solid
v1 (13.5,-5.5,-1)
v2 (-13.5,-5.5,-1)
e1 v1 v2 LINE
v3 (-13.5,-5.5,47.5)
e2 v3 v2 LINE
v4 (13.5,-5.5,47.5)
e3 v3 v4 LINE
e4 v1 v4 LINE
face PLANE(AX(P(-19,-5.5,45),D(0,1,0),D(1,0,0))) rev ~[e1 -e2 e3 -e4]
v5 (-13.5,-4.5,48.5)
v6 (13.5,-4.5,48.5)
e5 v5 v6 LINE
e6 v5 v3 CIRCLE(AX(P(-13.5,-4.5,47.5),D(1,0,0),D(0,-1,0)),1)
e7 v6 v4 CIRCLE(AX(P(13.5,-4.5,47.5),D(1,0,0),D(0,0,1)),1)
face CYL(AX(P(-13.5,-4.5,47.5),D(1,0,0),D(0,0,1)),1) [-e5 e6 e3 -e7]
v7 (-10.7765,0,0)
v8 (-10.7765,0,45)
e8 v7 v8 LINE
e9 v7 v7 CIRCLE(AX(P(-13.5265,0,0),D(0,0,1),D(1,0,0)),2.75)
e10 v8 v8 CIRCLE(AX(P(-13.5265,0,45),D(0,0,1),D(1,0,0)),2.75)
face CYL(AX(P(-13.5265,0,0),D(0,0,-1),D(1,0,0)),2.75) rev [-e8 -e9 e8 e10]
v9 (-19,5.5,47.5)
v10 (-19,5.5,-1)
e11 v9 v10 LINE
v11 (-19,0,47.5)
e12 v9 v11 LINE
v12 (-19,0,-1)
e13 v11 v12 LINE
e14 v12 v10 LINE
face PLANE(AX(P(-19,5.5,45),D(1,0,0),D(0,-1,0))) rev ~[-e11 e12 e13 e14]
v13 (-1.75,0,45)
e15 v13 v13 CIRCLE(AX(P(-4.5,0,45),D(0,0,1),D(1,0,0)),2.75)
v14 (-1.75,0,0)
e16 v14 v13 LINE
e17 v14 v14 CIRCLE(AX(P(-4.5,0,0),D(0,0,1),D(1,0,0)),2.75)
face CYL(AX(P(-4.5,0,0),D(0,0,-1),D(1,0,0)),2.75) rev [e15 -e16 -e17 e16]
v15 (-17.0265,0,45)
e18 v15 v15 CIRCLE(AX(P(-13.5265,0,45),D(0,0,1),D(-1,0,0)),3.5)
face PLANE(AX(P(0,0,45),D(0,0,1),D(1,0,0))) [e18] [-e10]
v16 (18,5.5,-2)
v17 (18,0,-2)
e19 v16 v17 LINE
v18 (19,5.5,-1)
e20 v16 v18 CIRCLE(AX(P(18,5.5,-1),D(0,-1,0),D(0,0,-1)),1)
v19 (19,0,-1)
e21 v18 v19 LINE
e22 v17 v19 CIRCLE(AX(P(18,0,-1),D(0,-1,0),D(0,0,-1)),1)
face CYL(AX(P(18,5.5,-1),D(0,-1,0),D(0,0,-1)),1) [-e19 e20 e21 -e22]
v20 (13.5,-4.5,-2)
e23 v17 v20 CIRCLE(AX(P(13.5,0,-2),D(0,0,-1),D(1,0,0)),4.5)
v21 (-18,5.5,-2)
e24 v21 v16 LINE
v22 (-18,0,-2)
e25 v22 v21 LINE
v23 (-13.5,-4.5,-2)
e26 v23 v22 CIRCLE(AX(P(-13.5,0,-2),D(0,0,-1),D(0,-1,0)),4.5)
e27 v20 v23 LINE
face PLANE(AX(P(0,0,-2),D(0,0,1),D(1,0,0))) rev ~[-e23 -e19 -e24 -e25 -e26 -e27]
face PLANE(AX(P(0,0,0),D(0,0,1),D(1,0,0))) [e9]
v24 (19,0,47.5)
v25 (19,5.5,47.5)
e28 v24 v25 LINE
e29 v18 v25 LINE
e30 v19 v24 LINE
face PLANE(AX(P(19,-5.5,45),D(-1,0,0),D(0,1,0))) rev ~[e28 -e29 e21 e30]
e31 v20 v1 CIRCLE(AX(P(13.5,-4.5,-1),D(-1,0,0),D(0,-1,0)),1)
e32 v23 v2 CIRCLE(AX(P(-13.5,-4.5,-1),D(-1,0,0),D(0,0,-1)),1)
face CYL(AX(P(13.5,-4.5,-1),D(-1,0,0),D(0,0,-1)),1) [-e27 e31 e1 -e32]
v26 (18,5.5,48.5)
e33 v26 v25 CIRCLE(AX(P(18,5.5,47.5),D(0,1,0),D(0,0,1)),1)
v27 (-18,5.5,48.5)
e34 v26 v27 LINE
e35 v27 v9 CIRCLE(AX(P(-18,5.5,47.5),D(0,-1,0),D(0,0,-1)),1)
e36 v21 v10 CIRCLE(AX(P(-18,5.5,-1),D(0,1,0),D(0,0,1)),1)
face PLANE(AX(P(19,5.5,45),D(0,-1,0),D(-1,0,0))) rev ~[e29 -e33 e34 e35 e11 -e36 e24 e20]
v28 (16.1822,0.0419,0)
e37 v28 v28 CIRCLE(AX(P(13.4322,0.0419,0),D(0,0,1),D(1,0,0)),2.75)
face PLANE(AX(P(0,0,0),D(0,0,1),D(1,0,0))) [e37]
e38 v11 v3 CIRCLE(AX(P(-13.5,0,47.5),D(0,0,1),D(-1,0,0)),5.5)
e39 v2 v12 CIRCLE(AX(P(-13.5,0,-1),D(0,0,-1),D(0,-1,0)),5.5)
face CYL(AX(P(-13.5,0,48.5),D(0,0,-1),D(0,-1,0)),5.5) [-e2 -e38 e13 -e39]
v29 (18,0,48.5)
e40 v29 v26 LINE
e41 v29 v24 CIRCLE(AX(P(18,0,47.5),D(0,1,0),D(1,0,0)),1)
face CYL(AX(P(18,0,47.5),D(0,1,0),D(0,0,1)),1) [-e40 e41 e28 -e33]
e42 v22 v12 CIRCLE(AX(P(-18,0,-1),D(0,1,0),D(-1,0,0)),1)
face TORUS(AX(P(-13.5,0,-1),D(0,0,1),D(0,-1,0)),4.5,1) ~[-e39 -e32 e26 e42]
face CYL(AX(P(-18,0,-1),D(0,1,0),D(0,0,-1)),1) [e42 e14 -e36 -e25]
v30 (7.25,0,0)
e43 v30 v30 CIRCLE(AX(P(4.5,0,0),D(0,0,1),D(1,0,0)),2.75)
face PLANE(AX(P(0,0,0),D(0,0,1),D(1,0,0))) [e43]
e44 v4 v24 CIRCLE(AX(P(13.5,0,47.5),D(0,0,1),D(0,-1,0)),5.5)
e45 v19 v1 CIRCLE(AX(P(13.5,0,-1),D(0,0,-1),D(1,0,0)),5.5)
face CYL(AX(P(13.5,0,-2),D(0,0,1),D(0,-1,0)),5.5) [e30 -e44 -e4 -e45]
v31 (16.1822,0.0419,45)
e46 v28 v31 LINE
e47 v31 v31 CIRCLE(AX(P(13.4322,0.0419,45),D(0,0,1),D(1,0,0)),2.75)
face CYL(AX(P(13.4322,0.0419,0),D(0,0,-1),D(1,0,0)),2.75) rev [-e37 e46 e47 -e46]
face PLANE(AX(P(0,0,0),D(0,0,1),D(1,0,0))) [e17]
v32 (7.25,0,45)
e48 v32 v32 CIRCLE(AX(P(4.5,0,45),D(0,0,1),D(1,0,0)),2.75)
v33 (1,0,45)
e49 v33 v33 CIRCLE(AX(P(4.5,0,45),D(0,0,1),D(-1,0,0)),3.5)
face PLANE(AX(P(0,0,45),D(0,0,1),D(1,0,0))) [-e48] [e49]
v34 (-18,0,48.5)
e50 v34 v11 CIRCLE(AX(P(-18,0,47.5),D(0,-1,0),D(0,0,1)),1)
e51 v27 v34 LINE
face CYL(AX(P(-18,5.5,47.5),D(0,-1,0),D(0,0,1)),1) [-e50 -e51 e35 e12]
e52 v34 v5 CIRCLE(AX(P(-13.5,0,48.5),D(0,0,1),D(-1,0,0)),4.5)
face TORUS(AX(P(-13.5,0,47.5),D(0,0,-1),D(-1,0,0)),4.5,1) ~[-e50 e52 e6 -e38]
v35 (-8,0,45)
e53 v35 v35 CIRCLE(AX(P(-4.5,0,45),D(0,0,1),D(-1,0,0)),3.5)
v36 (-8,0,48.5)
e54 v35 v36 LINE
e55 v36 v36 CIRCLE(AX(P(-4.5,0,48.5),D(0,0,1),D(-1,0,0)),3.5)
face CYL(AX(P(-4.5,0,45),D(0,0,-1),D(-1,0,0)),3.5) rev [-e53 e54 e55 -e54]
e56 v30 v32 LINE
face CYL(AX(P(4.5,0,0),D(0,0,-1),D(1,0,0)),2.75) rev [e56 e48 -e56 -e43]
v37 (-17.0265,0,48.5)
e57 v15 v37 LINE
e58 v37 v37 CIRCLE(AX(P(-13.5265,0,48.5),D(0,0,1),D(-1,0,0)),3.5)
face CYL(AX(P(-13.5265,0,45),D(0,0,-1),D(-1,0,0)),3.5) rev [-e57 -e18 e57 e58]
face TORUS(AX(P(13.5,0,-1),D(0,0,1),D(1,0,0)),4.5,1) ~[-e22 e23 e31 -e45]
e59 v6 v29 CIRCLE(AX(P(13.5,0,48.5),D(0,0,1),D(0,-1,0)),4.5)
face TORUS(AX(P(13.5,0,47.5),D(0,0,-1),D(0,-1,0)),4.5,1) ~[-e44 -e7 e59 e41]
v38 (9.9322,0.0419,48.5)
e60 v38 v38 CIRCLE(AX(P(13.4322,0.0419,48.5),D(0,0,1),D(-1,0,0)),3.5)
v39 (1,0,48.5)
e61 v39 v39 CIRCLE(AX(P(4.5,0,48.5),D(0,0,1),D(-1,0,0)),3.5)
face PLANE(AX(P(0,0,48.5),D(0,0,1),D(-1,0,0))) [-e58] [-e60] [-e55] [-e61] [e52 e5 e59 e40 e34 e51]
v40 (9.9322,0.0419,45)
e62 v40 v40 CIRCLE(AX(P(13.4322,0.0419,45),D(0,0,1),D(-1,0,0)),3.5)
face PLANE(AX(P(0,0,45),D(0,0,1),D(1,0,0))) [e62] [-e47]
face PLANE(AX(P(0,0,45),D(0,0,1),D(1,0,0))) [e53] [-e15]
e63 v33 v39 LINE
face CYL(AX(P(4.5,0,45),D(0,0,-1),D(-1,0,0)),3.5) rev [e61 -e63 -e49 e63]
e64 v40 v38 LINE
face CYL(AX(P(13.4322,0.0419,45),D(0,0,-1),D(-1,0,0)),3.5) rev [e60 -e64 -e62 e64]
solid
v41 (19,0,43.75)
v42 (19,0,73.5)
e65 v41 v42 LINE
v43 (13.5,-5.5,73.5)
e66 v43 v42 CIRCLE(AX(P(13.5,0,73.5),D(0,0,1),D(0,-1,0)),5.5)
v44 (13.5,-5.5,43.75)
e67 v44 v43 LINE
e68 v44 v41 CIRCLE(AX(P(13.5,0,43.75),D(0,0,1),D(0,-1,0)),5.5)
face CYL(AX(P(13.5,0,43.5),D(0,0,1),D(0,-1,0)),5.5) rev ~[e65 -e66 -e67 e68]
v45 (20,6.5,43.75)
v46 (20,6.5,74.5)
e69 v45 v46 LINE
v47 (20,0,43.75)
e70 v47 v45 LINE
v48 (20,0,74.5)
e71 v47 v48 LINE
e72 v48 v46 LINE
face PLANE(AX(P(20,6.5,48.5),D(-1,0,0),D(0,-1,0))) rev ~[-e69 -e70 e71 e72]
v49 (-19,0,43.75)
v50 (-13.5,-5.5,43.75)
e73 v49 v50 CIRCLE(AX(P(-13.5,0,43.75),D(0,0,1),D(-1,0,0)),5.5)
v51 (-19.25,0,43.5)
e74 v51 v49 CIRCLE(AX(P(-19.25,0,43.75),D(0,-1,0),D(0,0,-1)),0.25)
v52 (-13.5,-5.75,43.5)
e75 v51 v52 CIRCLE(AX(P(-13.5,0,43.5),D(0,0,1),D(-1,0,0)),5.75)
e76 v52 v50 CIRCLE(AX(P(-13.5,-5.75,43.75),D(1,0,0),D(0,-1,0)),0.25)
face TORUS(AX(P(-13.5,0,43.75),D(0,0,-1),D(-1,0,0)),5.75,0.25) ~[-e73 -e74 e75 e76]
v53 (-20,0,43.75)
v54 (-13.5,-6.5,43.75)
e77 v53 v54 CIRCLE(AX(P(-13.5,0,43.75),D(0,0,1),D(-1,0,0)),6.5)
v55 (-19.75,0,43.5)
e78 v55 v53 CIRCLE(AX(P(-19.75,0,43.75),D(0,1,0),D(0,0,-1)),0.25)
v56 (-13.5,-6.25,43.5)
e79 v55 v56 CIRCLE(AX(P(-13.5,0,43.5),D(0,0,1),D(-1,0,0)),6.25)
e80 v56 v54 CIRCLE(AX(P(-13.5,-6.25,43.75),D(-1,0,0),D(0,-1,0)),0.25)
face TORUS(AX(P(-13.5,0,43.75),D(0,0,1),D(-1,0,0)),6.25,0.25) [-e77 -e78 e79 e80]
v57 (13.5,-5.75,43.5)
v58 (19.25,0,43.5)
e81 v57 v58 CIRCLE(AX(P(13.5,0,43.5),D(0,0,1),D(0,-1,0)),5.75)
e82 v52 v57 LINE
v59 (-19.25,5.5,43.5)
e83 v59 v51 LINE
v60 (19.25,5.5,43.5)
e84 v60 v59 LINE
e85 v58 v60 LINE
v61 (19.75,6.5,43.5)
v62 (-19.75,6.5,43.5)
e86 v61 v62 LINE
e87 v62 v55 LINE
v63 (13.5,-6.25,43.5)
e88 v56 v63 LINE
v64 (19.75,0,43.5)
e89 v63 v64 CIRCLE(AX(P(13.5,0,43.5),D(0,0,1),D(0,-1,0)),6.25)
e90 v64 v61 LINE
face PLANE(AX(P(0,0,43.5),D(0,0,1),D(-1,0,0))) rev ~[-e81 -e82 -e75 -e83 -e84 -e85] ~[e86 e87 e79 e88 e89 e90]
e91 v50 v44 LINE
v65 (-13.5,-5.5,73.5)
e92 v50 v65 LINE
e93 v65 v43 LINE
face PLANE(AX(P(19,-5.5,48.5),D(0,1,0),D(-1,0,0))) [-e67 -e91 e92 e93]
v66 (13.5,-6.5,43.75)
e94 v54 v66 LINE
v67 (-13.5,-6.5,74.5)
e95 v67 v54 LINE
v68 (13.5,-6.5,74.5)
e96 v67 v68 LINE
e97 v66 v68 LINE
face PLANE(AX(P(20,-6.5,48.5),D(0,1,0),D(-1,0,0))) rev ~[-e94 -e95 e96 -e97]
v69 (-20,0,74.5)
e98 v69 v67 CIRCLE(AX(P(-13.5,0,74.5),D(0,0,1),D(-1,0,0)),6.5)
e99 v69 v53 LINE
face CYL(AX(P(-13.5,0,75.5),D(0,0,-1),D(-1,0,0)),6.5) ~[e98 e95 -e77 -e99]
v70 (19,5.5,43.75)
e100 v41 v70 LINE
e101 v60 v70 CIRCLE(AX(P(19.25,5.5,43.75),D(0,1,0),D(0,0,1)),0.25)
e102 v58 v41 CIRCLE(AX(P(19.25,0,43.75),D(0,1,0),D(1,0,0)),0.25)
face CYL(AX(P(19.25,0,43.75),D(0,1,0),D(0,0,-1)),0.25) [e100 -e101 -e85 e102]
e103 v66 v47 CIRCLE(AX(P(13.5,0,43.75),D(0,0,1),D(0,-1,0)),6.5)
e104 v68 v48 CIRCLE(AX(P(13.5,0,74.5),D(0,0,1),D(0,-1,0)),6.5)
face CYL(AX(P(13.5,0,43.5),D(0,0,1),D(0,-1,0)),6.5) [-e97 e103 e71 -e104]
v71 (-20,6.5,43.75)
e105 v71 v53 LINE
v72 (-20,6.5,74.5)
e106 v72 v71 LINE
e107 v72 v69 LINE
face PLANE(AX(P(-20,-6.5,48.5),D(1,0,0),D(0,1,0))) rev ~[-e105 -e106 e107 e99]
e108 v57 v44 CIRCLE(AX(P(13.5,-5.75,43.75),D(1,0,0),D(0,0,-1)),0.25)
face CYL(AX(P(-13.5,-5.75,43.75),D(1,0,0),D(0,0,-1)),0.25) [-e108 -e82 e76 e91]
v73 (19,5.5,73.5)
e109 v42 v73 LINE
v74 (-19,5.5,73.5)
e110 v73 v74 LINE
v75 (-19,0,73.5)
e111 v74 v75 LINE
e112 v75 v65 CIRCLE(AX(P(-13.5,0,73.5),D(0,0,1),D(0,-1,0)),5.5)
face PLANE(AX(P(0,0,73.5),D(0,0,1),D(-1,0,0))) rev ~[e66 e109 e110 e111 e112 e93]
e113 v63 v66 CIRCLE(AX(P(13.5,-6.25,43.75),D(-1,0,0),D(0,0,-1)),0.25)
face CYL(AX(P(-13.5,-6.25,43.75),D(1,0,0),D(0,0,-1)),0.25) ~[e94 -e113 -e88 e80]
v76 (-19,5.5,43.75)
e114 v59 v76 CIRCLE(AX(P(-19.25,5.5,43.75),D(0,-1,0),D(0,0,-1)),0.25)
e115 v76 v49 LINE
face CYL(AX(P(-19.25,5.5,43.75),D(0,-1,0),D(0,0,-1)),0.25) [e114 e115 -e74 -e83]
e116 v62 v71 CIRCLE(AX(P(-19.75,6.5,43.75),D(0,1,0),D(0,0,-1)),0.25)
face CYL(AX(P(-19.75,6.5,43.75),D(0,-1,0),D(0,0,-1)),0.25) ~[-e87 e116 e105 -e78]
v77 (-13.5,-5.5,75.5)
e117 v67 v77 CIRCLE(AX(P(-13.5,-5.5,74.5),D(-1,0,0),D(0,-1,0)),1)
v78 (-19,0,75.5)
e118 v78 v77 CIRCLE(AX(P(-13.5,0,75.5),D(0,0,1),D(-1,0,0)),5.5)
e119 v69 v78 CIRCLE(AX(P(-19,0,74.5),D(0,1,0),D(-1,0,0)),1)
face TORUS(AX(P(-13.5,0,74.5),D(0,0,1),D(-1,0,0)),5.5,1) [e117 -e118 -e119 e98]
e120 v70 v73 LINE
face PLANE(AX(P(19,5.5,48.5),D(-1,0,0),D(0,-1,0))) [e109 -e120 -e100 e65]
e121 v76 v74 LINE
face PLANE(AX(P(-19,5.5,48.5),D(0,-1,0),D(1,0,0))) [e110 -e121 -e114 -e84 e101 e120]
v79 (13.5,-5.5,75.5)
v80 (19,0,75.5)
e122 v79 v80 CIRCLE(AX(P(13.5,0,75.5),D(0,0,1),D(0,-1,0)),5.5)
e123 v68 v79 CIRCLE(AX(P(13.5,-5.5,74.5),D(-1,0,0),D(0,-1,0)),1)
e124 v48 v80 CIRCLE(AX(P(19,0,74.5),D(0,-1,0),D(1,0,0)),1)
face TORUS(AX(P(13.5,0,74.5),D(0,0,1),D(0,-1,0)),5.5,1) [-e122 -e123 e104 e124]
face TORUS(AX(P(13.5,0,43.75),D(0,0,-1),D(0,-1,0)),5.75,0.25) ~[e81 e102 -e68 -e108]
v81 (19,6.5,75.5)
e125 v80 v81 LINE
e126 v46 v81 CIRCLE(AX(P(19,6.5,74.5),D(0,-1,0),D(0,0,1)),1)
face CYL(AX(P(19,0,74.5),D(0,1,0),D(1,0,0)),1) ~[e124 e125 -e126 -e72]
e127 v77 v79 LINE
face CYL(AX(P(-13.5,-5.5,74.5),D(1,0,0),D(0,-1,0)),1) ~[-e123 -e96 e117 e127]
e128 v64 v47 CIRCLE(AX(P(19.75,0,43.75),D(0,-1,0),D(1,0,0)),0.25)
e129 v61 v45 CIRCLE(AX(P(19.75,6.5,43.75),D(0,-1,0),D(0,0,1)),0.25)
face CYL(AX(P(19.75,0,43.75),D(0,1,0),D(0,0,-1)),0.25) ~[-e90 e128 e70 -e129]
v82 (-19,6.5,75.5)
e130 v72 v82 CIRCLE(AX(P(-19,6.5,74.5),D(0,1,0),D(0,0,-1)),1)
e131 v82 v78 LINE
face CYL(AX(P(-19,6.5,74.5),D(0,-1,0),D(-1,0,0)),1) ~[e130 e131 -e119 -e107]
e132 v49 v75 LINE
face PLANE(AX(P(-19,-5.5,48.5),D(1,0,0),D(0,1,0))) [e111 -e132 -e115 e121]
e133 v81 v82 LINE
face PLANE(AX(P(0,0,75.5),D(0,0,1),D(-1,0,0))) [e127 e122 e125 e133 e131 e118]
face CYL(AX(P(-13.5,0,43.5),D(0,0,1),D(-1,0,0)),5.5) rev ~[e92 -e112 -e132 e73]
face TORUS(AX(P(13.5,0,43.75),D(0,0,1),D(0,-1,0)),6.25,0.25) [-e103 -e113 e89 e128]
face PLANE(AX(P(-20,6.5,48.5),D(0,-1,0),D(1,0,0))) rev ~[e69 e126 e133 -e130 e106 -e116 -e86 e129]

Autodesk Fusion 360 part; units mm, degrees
sketch "Sketch1" plane through (0, 0, 0) normal (0, 0, 1) x (1, 0, 0)
  circle A0 centre (4.5, 0) radius 2.75
  circle A1 centre (-4.5, 0) radius 2.75
  circle A2 centre (13.4322, 0.0419) radius 2.75
  circle A3 centre (-13.5265, 0) radius 2.75
  line L0 (-19, 5.5) -> (19, 5.5)
  line L1 (19, 5.5) -> (19, -5.5)
  line L2 (19, -5.5) -> (-19, -5.5)
  line L3 (-19, -5.5) -> (-19, 5.5)
  circle A4 centre (-4.5, 0) radius 3.5
  circle A5 centre (4.5, 0) radius 3.5
  circle A6 centre (13.4322, 0.0419) radius 3.5
  circle A7 centre (-13.5265, 0) radius 3.5
  line L4 (20, 6.5) -> (20, -6.5)
  line L5 (20, -6.5) -> (-20, -6.5)
  line L6 (-20, -6.5) -> (-20, 6.5)
  line L7 (-20, 6.5) -> (20, 6.5)
  dimension "d1" = 5.5
  dimension "d2" = 5.5
  dimension "d3" = 5.5
  dimension "d4" = 5.5
  dimension "d5" = 7
  dimension "d6" = 7
  dimension "d7" = 7
  dimension "d8" = 7
  dimension "d9" = 5.5
  dimension "d10" = 19
  dimension "d11" = 19
  dimension "d12" = 5.5
  dimension "d23" = 1
extrude "Extrude1" add sketch "Sketch1" against normal blind 2 contours A0 | A1 | A2 | A3 | L0 L1 L2 L3 | A4 | A5 | A6 | A7 makes body 1
extrude "Extrude2" add sketch "Sketch1" along normal blind 45 contours L0 L1 L2 L3 | A4 | A5 | A6 | A7 bodies 1
sketch "Sketch2" plane through (0, 0, 45) normal (0, 0, 1) x (-1, 0, 0)
  circle A0 centre (13.5265, 0) radius 2.75
  circle A1 centre (-13.4322, -0.0419) radius 2.75
  circle A2 centre (4.5, 0) radius 2.75
  circle A3 centre (-4.5, 0) radius 2.75
  line L0 (-19, 5.5) -> (-19, -5.5)
  line L1 (-19, -5.5) -> (19, -5.5)
  line L2 (19, -5.5) -> (19, 5.5)
  line L3 (19, 5.5) -> (-19, 5.5)
  circle A4 centre (13.5265, 0) radius 3.5
  circle A5 centre (4.5, 0) radius 2.75
  circle A6 centre (13.5265, 0) radius 2.75
  circle A7 centre (13.5265, 0) radius 2.75
  circle A8 centre (4.5, 0) radius 3.5
  line L4 (-19, -5.5) -> (-19, 5.5)
  line L5 (-19, 5.5) -> (19, 5.5)
  line L6 (19, 5.5) -> (19, -5.5)
  line L7 (19, -5.5) -> (-19, -5.5)
  line L8 (19, 5.5) -> (-19, 5.5)
  line L9 (-19, 5.5) -> (19, 5.5)
  circle A9 centre (-13.4322, -0.0419) radius 2.75
  circle A10 centre (-13.4322, -0.0419) radius 2.75
  circle A11 centre (-13.4322, -0.0419) radius 2.75
  circle A12 centre (-13.4322, -0.0419) radius 3.5
  circle A13 centre (-4.5, 0) radius 3.5
extrude "Extrude3" add sketch "Sketch2" along normal blind 3.5 contours L0 L1 L2 L3 L4 L5 L6 L7 L8 L9 bodies 1
fillet "Fillet1" radius 5.5 2 edges at (-19, -5.5, 23.25) (19, -5.5, 23.25) on bodies 1
fillet "Fillet2" radius 1 10 edges at (19, 2.75, -2) (17.3891, -3.8891, -2) (0, -5.5, -2) (-17.3891, -3.8891, -2) (-19, 2.75, -2) (-19, 2.75, 48.5) (-17.3891, -3.8891, 48.5) (0, -5.5, 48.5) (17.3891, -3.8891, 48.5) (19, 2.75, 48.5) on bodies 1
sketch "Sketch3" plane through (0, 0, 48.5) normal (0, 0, 1) x (-1, 0, 0)
  line L0 (18, -5.5) -> (18, 0)
  arc A0 (18, 0) -> (13.5, 4.5) centre (13.5, 0) ccw
  line L1 (13.5, 4.5) -> (-13.5, 4.5)
  arc A1 (-13.5, 4.5) -> (-18, 0) centre (-13.5, 0) ccw
  line L2 (-18, 0) -> (-18, -5.5)
  line L3 (-18, -5.5) -> (18, -5.5)
  circle A2 centre (4.5, 0) radius 3.5
  circle A3 centre (13.5265, 0) radius 3.5
  circle A4 centre (-4.5, 0) radius 3.5
  circle A5 centre (-13.4322, -0.0419) radius 3.5
  line L4 (-20, 6.5) -> (20, 6.5)
  line L5 (-19, 5.5) -> (19, 5.5)
  line L6 (20, 6.5) -> (20, -6.5)
  line L7 (19, 5.5) -> (19, -5.5)
  line L8 (19, -5.5) -> (-19, -5.5)
  line L9 (20, -6.5) -> (-20, -6.5)
  line L10 (-20, -6.5) -> (-20, 6.5)
  line L11 (-19, -5.5) -> (-19, 5.5)
  circle A6 centre (-13.4322, -0.0419) radius 2.75
extrude "Extrude4" add sketch "Sketch3" against normal blind 5 separate body contours L4 L6 L9 L10 makes body 2
move_face "OffsetFaces1" offset 25 1 faces at (6, 6.1667, 48.5) on bodies 2
sketch "Sketch4" plane through (0, 0, 73.5) normal (0, 0, 1) x (-1, 0, 0)
  line L0 (19, -5.5) -> (-19, -5.5)
  line L1 (-19, -5.5) -> (-19, 5.5)
  line L2 (-19, 5.5) -> (19, 5.5)
  line L3 (19, 5.5) -> (19, -5.5)
  line L4 (-20, -6.5) -> (20, -6.5)
  line L5 (20, -6.5) -> (20, 6.5)
  line L6 (20, 6.5) -> (-20, 6.5)
  line L7 (-20, 6.5) -> (-20, -6.5)
  line L8 (20, -6.5) -> (-20, -6.5)
  line L9 (20, 6.5) -> (20, -6.5)
  line L10 (-20, 6.5) -> (20, 6.5)
  line L11 (-20, -6.5) -> (-20, 6.5)
extrude "Extrude5" add sketch "Sketch4" along normal blind 2 contours L0 L1 L2 L3 | L4 L5 L6 L7 L8 L9 L10 L11 bodies 2
fillet "Fillet3" radius 5.5 2 edges at (19, -5.5, 58.5) (-19, -5.5, 58.5) on bodies 2
fillet "Fillet4" radius 6.5 2 edges at (-20, -6.5, 59.5) (20, -6.5, 59.5) on bodies 2
fillet "Fillet5" radius 1 5 edges at (20, 3.25, 75.5) (18.0962, -4.5962, 75.5) (0, -6.5, 75.5) (-18.0962, -4.5962, 75.5) (-20, 3.25, 75.5) on bodies 2
fillet "Fillet6" radius 0.25 10 edges at (20, 3.25, 43.5) (18.0962, -4.5962, 43.5) (0, -6.5, 43.5) (-18.0962, -4.5962, 43.5) (-20, 3.25, 43.5) (-19, 2.75, 43.5) (-17.3891, -3.8891, 43.5) (0, -5.5, 43.5) (17.3891, -3.8891, 43.5) (19, 2.75, 43.5) on bodies 2
sketch "Sketch5" plane through (0, 0, 48.5) normal (0, 0, 1) x (-1, 0, 0)
  line L0 (18, -5.5) -> (18, 0)
  arc A0 (18, 0) -> (13.5, 4.5) centre (13.5, 0) ccw
  line L1 (13.5, 4.5) -> (-13.5, 4.5)
  arc A1 (-13.5, 4.5) -> (-18, 0) centre (-13.5, 0) ccw
  line L2 (-18, 0) -> (-18, -5.5)
  line L3 (-18, -5.5) -> (18, -5.5)
  circle A2 centre (4.5, 0) radius 3.5
  circle A3 centre (13.5265, 0) radius 3.5
  circle A4 centre (-4.5, 0) radius 3.5
  circle A5 centre (-13.4322, -0.0419) radius 3.5
  line L4 (-19, 0) -> (-19, -6.5)
  line L5 (-19, -6.5) -> (19, -6.5)
  line L6 (19, -6.5) -> (19, 0)
  arc A6 (19, 0) -> (13.5, 5.5) centre (13.5, 0) ccw
  line L7 (13.5, 5.5) -> (-13.5, 5.5)
  arc A7 (-13.5, 5.5) -> (-19, 0) centre (-13.5, 0) ccw
  arc A8 (19, 0) -> (13.5, 5.5) centre (13.5, 0) ccw
  line L8 (19, 0) -> (19, -5.5)
  line L9 (19, -5.5) -> (-19, -5.5)
  line L10 (-19, -5.5) -> (-19, 0)
  arc A9 (-13.5, 5.5) -> (-19, 0) centre (-13.5, 0) ccw
  line L11 (-13.5, 5.5) -> (13.5, 5.5)
  line L12 (13.5, 4.5) -> (13.5, 5.5)
  arc A10 (18, 0) -> (13.5, 4.5) centre (13.5, 0) ccw
  line L13 (18, 0) -> (19, 0)
  arc A11 (19, 0) -> (13.5, 5.5) centre (13.5, 0) ccw
  line L14 (-13.5, 4.5) -> (-13.5, 5.5)
  line L15 (-13.5, 4.5) -> (13.5, 4.5)
  line L16 (13.5, 4.5) -> (13.5, 5.5)
  line L17 (13.5, 5.5) -> (-13.5, 5.5)
  line L18 (19, -5.5) -> (18, -5.5)
  line L19 (19, -5.5) -> (19, 0)
  line L20 (18, 0) -> (19, 0)
  line L21 (18, 0) -> (18, -5.5)
  line L22 (-18, -5.5) -> (-19, -5.5)
  line L23 (-18, -5.5) -> (-18, 0)
  line L24 (-18, 0) -> (-19, 0)
  line L25 (-19, 0) -> (-19, -5.5)
  line L26 (-18, 0) -> (-19, 0)
  arc A12 (-13.5, 4.5) -> (-18, 0) centre (-13.5, 0) ccw
  line L27 (-13.5, 4.5) -> (-13.5, 5.5)
  arc A13 (-13.5, 5.5) -> (-19, 0) centre (-13.5, 0) ccw
